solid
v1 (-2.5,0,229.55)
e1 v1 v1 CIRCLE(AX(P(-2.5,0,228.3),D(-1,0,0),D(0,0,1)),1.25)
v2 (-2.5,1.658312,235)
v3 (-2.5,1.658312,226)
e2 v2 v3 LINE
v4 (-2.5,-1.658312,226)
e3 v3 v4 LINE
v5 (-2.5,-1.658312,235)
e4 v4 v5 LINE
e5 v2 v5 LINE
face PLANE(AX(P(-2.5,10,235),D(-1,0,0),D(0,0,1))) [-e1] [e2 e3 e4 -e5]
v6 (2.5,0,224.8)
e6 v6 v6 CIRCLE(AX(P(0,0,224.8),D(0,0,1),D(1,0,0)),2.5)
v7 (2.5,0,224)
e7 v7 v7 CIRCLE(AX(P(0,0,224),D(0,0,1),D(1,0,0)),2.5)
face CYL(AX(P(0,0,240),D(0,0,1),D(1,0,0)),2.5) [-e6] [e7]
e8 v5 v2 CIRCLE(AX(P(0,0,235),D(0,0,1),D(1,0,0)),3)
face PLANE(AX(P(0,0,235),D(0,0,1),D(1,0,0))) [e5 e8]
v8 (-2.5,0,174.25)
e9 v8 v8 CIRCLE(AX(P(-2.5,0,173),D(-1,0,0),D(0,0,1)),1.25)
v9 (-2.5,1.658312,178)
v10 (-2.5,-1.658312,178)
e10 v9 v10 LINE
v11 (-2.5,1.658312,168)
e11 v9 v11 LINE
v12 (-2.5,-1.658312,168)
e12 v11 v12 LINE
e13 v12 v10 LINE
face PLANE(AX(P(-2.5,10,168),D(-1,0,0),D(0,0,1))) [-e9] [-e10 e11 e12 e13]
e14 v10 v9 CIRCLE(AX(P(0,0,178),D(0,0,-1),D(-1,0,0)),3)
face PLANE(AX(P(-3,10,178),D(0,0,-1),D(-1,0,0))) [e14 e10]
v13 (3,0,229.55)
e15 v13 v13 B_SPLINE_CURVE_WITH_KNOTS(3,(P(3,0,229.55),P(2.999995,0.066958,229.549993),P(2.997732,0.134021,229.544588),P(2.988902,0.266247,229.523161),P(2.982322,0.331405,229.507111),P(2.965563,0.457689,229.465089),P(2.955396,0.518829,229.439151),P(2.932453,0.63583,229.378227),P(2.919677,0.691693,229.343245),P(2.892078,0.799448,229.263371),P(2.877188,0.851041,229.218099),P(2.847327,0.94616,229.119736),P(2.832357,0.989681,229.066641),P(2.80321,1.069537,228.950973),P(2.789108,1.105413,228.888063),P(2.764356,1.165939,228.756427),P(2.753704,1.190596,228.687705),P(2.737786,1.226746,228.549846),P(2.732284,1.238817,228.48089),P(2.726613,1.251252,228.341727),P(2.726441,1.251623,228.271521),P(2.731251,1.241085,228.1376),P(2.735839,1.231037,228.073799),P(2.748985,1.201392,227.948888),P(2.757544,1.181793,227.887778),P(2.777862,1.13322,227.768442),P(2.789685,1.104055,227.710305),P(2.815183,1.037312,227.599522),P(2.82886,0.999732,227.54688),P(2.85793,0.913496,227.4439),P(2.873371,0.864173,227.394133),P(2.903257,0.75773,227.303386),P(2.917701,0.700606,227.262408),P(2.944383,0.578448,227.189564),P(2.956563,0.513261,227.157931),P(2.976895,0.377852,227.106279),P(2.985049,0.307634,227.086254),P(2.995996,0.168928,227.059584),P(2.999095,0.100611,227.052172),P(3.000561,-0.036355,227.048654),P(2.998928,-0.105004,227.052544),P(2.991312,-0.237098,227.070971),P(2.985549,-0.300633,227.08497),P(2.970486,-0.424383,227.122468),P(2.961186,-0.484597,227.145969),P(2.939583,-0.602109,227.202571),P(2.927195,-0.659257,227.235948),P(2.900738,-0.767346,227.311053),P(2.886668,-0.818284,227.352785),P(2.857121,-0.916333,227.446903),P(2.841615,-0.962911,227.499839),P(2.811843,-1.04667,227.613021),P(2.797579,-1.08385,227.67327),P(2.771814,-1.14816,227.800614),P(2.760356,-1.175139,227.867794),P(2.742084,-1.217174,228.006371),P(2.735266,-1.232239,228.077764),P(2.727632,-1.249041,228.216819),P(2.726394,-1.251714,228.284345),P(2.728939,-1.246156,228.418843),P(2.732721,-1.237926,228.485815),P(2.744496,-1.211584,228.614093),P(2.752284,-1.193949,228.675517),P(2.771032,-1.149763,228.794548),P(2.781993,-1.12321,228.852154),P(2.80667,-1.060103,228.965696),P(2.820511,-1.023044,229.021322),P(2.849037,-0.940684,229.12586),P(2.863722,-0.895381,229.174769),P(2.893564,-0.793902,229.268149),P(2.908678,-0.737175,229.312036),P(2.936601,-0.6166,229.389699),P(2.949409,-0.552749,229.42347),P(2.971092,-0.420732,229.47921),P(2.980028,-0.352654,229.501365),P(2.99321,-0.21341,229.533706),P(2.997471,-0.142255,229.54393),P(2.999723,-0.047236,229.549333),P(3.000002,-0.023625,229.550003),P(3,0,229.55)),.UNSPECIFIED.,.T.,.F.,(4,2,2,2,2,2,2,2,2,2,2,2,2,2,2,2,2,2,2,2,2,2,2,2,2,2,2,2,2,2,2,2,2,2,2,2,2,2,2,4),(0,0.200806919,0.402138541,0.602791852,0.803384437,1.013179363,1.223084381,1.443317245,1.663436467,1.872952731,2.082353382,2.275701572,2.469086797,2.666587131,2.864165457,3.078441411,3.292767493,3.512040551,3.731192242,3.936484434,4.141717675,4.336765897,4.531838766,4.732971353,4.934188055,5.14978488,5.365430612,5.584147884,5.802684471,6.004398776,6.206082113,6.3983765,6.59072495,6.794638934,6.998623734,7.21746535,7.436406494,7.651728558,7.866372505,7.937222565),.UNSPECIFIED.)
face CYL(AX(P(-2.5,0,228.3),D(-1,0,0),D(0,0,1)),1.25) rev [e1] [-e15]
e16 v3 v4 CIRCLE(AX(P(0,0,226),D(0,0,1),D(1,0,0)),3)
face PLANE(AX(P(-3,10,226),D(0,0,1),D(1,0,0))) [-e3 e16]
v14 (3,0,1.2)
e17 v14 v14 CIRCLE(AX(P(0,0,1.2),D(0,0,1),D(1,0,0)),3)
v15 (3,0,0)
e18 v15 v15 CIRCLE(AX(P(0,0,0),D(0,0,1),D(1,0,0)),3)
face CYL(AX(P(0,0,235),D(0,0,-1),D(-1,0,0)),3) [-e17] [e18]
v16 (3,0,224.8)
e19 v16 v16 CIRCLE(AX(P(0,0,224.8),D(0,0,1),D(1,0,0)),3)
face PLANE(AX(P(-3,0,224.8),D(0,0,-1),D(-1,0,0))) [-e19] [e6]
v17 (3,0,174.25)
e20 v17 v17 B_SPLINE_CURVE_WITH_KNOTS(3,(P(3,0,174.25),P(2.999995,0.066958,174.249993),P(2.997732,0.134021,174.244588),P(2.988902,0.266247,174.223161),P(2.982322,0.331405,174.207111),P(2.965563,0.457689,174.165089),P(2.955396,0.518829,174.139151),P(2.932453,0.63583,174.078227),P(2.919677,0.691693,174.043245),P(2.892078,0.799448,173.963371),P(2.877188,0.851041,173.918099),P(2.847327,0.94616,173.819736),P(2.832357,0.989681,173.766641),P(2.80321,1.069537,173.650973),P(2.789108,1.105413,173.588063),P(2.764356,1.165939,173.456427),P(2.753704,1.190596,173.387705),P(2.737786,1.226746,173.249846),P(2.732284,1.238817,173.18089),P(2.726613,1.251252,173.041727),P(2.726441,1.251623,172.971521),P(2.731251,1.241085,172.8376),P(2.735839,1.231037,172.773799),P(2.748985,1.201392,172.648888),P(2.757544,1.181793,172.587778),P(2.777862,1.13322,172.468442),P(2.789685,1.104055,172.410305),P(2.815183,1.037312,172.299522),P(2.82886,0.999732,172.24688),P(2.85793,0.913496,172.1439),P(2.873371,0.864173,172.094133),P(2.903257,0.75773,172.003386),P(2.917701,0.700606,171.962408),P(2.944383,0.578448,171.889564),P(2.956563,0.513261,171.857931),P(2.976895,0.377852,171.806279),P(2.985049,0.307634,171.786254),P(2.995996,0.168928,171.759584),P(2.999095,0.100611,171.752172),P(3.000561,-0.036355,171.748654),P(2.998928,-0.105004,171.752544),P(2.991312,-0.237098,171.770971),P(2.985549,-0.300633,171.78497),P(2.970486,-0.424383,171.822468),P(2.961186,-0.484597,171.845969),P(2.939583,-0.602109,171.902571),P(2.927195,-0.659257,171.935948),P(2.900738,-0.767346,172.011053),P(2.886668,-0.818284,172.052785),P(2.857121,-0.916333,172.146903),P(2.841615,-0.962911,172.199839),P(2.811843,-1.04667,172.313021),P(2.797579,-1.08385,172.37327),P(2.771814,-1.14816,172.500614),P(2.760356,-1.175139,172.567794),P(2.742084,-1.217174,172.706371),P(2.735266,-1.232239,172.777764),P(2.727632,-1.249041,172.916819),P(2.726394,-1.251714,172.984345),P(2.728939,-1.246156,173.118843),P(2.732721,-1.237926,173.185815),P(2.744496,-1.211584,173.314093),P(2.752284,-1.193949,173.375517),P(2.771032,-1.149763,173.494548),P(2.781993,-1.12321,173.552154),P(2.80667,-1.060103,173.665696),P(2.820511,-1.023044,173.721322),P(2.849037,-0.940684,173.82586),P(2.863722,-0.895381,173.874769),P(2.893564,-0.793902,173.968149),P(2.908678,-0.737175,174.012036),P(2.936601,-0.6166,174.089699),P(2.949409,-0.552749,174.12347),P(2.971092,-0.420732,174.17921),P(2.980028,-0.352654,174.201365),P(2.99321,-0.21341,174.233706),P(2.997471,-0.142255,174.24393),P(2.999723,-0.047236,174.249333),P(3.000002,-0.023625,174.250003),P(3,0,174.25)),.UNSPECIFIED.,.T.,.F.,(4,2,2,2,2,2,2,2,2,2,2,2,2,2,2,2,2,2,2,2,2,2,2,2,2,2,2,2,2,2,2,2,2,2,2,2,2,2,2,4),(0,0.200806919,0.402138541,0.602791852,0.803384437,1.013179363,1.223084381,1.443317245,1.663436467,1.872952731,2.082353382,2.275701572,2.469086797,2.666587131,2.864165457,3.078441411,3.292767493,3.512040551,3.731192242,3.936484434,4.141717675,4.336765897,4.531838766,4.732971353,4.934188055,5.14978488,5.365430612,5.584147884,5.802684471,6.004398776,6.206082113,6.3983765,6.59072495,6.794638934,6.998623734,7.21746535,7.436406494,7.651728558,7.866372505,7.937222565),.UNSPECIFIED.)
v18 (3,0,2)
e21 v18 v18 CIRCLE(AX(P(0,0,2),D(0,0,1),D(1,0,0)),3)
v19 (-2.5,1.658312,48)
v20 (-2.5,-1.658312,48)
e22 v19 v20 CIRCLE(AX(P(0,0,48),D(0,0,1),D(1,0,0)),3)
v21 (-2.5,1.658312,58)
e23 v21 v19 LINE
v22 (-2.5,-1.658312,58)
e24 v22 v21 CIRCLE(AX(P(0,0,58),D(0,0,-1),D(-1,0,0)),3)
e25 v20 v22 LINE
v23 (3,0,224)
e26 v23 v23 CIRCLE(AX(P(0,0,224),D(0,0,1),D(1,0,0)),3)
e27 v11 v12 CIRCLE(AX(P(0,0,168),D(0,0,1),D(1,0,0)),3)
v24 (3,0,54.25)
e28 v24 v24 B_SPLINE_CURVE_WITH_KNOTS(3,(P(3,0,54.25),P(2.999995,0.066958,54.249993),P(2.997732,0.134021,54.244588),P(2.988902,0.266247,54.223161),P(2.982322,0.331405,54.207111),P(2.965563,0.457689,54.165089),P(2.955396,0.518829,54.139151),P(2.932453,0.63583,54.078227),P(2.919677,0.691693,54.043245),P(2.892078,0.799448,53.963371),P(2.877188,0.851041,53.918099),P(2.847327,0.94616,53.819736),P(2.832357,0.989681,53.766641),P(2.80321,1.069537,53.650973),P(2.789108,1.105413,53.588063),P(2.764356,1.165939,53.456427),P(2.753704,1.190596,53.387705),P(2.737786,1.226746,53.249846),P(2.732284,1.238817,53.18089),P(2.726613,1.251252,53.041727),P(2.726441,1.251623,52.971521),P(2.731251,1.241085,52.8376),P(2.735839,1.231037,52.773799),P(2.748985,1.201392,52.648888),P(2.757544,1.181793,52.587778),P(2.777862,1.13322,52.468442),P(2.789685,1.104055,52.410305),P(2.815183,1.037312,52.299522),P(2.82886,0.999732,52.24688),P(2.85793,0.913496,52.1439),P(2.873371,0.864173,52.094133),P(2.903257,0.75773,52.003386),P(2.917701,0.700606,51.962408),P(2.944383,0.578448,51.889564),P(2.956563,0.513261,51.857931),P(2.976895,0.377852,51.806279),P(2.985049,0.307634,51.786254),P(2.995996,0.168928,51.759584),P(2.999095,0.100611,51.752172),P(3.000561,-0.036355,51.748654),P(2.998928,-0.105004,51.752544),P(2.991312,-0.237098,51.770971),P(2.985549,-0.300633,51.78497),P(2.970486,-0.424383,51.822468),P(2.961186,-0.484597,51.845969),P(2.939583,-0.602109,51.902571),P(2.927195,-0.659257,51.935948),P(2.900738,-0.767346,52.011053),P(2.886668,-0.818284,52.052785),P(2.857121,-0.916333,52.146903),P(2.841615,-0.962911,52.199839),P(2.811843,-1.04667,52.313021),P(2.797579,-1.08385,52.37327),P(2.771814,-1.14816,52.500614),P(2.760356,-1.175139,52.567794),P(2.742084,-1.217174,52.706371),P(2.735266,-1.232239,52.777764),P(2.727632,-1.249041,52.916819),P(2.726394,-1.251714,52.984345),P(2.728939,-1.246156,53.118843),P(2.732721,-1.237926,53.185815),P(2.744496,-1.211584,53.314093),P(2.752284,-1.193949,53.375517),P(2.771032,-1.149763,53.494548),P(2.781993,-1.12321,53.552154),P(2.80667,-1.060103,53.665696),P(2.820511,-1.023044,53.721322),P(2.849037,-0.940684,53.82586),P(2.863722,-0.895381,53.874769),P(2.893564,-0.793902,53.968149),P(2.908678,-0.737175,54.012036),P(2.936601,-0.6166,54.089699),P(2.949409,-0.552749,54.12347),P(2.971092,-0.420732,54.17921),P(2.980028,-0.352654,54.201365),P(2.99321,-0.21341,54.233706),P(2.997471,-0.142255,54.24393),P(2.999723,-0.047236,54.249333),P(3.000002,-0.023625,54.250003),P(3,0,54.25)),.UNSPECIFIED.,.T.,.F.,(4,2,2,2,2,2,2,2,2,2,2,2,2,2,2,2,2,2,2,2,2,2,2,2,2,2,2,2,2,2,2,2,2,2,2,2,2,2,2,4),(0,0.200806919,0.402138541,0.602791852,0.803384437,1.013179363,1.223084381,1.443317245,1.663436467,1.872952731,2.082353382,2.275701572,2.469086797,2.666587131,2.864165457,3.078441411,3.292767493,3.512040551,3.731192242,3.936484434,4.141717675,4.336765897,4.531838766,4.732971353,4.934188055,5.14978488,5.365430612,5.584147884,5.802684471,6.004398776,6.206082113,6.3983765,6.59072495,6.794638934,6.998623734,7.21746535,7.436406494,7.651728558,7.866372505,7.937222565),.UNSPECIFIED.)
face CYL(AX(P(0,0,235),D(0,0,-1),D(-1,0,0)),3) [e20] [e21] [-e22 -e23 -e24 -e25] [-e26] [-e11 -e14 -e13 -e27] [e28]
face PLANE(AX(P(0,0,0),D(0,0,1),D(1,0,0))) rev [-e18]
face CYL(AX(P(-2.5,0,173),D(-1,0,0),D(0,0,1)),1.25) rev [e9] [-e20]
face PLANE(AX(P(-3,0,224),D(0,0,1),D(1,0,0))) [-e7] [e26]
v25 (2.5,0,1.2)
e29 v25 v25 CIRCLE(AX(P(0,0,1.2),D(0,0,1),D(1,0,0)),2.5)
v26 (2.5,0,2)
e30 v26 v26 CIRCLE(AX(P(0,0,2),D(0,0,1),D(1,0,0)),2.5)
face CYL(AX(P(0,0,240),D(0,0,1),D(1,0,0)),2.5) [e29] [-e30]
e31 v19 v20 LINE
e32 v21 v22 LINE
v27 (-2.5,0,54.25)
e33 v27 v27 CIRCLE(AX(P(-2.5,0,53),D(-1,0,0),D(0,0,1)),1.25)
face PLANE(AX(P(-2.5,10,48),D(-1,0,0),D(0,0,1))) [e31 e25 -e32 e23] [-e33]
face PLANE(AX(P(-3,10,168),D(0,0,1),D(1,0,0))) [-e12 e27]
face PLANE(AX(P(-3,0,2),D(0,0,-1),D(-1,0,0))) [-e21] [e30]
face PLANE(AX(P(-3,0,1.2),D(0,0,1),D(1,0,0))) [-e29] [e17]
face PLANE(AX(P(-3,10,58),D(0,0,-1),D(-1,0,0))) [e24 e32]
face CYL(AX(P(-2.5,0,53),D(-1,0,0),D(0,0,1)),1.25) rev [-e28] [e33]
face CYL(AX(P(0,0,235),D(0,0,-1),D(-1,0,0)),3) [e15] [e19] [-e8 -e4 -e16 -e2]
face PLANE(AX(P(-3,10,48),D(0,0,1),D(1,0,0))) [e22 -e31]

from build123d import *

# Parameters (mm, degrees)
SKETCH1_R               = 3
BOSS_EXTRUDE1_DEPTH     = 235
SKETCH2_W               = 0.5
SKETCH2_H               = 0.8
CUT_EXTRUDE1_DEPTH      = 10
CUT_EXTRUDE1_DEPTH_BACK = 10
SKETCH3_W               = 0.5
SKETCH3_H               = 10
SKETCH3_H_2             = 9
M3_TAPPED_HOLE1_D       = 2.5
M3X0_5_TAPPED_HOLE1_D   = 2.5


with BuildPart() as part:
    # Sketch1 → Boss-Extrude1 (new body)
    with BuildSketch(Plane.XY):
        Circle(SKETCH1_R)
    extrude(amount=BOSS_EXTRUDE1_DEPTH)

    # Sketch2 → Cut-Revolve1 (revolve, cut)
    with BuildSketch(Plane(origin=(0, 0, 0), x_dir=(1, 0, 0), z_dir=(0, 1, 0))):
        with Locations((-2.75, -1.6)):
            Rectangle(SKETCH2_W, SKETCH2_H)
        with Locations((-2.75, -224.4)):
            Rectangle(SKETCH2_W, SKETCH2_H)
    revolve(axis=Axis((0, 0, 240), (0, 0, -1)), mode=Mode.SUBTRACT)

    # Sketch3 → Cut-Extrude1 (cut, two sides: drawn at the far end of the back side and taken through both)
    with BuildSketch(Plane(origin=(0, 0, 0), x_dir=(1, 0, 0), z_dir=(0, 1, 0)).offset(-CUT_EXTRUDE1_DEPTH_BACK)):
        with Locations((-2.75, -53)):
            Rectangle(SKETCH3_W, SKETCH3_H)
        with Locations((-2.75, -173)):
            Rectangle(SKETCH3_W, SKETCH3_H)
        with Locations((-2.75, -230.5)):
            Rectangle(SKETCH3_W, SKETCH3_H_2)
    extrude(amount=CUT_EXTRUDE1_DEPTH + CUT_EXTRUDE1_DEPTH_BACK, mode=Mode.SUBTRACT)

    # M3 Tapped Hole1 (through all)
    with Locations(Plane(origin=(-2.5, 0, 173), x_dir=(0, 0, -1), z_dir=(-1, 0, 0))):
        with Locations((0, 0), (120, 0)):
            Hole(M3_TAPPED_HOLE1_D / 2)

    # M3x0.5 Tapped Hole1 (through all)
    with Locations(Plane(origin=(-2.5, 0, 228.3), x_dir=(0, 0, -1), z_dir=(-1, 0, 0))):
        with Locations((0, 0)):
            Hole(M3X0_5_TAPPED_HOLE1_D / 2)


solid = part.part
